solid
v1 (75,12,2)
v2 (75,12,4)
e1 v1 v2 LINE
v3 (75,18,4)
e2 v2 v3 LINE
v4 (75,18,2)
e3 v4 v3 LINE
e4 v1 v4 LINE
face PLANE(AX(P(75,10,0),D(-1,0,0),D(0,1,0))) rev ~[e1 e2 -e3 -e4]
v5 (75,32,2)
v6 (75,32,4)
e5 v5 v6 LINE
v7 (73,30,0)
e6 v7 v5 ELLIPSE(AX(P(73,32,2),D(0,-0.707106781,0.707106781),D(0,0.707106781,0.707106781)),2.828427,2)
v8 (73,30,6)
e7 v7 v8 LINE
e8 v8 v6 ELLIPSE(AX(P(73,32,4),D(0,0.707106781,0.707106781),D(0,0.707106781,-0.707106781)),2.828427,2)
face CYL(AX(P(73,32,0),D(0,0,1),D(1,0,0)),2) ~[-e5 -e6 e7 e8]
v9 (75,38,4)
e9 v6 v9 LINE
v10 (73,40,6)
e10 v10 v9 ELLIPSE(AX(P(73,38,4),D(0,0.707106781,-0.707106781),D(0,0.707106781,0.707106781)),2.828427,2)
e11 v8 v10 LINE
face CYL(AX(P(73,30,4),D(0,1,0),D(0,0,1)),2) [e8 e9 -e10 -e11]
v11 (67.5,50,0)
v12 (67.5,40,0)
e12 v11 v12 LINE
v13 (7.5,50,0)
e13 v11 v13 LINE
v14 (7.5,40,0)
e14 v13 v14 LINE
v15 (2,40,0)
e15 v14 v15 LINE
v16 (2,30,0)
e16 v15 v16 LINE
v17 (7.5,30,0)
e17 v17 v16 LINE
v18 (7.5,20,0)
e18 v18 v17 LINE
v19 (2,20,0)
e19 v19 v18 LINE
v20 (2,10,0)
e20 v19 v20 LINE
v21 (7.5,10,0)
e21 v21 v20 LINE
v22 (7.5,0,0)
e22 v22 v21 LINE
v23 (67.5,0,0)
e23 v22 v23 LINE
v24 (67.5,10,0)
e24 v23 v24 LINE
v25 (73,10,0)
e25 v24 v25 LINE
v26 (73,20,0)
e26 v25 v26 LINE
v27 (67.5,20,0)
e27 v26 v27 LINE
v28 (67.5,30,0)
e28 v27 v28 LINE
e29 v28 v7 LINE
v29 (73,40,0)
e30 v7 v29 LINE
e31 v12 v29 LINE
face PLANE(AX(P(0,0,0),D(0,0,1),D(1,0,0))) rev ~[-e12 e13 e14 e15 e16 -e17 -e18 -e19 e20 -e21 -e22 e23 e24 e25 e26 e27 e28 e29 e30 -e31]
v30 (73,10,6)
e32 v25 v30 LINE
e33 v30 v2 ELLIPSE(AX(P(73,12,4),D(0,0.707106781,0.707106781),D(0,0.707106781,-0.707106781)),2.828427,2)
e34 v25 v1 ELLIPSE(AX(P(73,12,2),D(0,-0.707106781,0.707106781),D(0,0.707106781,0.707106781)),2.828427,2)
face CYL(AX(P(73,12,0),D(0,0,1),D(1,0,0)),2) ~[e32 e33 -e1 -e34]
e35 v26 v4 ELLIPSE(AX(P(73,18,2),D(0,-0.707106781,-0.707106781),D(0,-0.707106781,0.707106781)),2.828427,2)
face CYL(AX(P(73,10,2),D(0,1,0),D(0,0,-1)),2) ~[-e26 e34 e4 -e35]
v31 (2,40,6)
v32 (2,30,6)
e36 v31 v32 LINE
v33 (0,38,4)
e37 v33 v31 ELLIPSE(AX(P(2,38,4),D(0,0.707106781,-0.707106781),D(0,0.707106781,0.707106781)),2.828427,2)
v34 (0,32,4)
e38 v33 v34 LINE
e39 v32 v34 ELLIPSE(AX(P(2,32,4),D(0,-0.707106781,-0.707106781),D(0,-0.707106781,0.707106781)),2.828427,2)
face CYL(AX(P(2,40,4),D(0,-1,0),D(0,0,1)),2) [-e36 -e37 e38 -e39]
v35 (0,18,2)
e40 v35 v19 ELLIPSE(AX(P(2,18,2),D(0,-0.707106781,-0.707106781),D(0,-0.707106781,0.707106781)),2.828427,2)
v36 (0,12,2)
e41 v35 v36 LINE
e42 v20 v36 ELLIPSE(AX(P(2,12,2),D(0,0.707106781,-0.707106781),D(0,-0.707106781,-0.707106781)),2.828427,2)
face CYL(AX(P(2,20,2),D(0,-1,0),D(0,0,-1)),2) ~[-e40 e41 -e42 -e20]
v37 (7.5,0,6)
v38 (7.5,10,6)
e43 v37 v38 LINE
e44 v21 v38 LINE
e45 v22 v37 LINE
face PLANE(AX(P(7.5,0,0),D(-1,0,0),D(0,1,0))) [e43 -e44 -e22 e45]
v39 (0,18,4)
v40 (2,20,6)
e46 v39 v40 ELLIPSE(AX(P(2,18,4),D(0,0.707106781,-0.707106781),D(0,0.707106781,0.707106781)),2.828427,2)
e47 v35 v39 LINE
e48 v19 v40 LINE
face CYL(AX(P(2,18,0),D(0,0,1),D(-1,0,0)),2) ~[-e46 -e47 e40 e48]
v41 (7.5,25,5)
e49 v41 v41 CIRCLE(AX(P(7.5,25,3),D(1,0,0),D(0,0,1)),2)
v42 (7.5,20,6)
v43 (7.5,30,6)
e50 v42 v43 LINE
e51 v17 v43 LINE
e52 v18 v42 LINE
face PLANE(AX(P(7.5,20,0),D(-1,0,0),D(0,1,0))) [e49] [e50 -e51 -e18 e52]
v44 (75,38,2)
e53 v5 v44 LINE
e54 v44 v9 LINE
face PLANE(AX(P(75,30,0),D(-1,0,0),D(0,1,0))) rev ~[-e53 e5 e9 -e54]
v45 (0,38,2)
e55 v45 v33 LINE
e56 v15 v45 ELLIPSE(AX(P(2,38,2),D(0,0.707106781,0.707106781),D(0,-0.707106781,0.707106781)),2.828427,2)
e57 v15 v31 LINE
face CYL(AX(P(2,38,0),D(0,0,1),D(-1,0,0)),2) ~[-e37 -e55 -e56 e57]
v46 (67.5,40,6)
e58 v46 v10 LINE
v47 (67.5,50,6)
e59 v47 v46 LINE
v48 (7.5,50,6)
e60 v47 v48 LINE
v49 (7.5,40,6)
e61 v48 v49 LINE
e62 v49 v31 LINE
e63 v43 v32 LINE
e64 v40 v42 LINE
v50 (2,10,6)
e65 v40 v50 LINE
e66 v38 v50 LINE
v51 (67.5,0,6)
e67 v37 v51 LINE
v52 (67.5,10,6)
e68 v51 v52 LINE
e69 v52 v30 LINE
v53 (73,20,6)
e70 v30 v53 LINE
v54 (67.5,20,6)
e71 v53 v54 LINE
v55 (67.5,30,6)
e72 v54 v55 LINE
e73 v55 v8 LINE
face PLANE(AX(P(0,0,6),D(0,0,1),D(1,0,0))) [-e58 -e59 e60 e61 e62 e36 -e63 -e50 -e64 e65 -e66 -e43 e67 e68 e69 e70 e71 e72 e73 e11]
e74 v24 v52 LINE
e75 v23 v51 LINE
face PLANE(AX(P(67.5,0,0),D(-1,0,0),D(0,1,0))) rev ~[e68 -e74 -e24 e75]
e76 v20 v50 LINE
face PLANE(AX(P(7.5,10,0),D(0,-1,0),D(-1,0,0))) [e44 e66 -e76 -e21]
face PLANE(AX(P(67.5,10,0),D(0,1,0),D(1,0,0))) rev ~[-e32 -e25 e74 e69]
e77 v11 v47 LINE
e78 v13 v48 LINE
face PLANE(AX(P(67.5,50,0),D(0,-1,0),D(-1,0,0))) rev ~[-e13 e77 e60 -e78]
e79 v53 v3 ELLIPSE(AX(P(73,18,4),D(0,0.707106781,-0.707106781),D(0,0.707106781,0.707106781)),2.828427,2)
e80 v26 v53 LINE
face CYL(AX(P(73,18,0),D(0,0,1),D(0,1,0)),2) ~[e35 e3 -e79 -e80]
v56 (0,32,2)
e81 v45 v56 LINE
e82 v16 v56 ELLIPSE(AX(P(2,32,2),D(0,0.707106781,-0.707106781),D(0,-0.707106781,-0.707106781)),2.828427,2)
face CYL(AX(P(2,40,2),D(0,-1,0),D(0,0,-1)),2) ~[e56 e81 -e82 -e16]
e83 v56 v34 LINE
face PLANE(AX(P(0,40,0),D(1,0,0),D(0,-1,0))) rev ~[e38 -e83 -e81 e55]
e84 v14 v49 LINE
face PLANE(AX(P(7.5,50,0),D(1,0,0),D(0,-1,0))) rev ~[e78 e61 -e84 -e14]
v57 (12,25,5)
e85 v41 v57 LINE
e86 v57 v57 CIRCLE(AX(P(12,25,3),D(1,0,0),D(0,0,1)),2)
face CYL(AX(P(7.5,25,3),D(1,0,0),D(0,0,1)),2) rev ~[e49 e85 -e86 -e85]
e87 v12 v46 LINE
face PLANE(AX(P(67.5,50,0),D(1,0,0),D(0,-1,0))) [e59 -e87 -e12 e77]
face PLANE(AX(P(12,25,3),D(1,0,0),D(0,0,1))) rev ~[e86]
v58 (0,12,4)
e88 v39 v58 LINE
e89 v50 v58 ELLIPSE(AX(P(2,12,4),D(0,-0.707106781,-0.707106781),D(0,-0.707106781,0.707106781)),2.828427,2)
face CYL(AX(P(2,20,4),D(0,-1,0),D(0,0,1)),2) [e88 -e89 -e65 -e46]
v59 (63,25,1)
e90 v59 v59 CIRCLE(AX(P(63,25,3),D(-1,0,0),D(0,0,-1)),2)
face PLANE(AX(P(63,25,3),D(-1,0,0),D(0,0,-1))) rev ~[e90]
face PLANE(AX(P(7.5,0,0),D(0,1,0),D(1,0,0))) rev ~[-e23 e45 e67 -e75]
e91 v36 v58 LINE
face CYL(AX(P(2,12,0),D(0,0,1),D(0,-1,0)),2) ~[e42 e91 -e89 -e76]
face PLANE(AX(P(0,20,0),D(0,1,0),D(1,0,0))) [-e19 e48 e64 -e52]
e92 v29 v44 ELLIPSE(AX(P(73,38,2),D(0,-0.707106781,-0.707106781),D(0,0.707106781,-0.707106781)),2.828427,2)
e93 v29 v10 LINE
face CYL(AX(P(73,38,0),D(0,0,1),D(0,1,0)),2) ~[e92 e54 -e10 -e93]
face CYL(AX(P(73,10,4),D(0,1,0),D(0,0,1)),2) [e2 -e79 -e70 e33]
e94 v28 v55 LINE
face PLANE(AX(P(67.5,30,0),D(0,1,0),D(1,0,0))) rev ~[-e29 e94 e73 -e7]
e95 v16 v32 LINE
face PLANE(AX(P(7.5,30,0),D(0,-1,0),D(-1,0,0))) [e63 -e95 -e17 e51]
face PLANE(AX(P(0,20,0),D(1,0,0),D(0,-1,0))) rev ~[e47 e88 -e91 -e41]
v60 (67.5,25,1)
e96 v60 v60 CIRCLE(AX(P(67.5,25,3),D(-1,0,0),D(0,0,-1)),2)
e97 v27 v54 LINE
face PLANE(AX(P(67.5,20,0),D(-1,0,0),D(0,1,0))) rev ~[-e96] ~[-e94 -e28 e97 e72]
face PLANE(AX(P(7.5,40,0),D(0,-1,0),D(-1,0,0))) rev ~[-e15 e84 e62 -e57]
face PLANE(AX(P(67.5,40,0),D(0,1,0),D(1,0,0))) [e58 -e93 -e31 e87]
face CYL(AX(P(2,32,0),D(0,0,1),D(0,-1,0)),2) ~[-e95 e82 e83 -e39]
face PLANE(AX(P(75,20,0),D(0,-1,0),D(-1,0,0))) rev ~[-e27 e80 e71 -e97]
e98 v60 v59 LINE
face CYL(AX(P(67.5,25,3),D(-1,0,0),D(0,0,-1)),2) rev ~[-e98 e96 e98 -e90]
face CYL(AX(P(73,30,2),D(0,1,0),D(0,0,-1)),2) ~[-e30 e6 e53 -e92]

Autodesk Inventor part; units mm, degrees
ref_plane "YZ Plane" through (0, 0, 0) normal (1, 0, 0) x (0, 1, 0)
ref_plane "XZ Plane" through (0, 0, 0) normal (0, 1, 0) x (-1, 0, 0)
ref_plane "XY Plane" through (0, 0, 0) normal (0, 0, 1) x (1, 0, 0)
sketch "スケッチ1" plane through (0, 0, 0) normal (0, 0, 1) x (1, 0, 0)
  line L0 (0, 0) -> (75, 0)
  line L1 (75, 0) -> (75, 50)
  line L2 (75, 50) -> (0, 50)
  line L3 (0, 50) -> (0, 0)
  line L4 (0, 50) -> (7.5, 50)
  line L5 (7.5, 50) -> (7.5, 40)
  line L6 (7.5, 40) -> (0, 40)
  line L7 (0, 40) -> (0, 50)
  line L8 (75, 0) -> (0, 0)
  line L9 (0, 0) -> (0, 49.7722)
  line L10 (7.5, 0) -> (7.5, 10)
  line L11 (7.5, 10) -> (0, 10)
  line L12 (75, 0) -> (0, 0)
  line L13 (0, 50) -> (75, 50)
  line L14 (75, 50) -> (75, 0)
  line L15 (75, 50) -> (67.5, 50)
  line L16 (67.5, 50) -> (67.5, 40)
  line L17 (67.5, 40) -> (75, 40)
  line L18 (75, 40) -> (75, 50)
  line L19 (67.5, 0) -> (67.5, 10)
  line L20 (67.5, 10) -> (75, 10)
  line L21 (7.5, 30) -> (0, 30)
  line L22 (0, 30) -> (0, 20)
  line L23 (0, 20) -> (7.5, 20)
  line L24 (7.5, 20) -> (7.5, 30)
  line L25 (75, 50) -> (75, 0)
  line L26 (75, 0) -> (75, 49.7722)
  line L27 (67.5, 30) -> (75, 30)
  line L28 (75, 30) -> (75, 20)
  line L29 (75, 20) -> (67.5, 20)
  line L30 (67.5, 20) -> (67.5, 30)
  dimension "d0" = 75
  dimension "d1" = 50
  dimension "d2" = 7.5
  dimension "d3" = 10
  dimension "d4" = 10
  dimension "d5" = 10
extrude "押し出し1" add sketch "スケッチ1" along normal blind 6 contours L10 L11 L3 L23 L24 L21 L6 L5 L2 L16 L17 L1 L27 L30 L29 L20 L19 L0
sketch "スケッチ2" plane through (7.5, 20, 0) normal (-1, 0, 0) x (0, 0, 1)
  line L0 (0, 10) -> (6, 10) projected
  line L1 (0, 10) -> (0, 0) projected
  point P0 (0, -20)
  point P1 (3, 5)
  dimension "d8" = 5
  dimension "d9" = 3
sketch "スケッチ3" plane through (67.5, 20, 0) normal (1, 0, 0) x (0, 0, -1)
  line L0 (-6, 0) -> (-6, 10) projected
  line L1 (0, 10) -> (-6, 10) projected
  point P0 (0, -20)
  point P1 (-3, 5)
  dimension "d10" = 3
  dimension "d11" = 5
hole "穴1" at (67.5, 25, 3) direction (-1, 0, 0) diameter 4 depth 4.5
hole "穴2" at (7.5, 25, 3) direction (1, 0, 0) diameter 4 depth 4.5
fillet "フィレット1" radius 2 16 edges at (75, 35, 0) (75, 35, 6) (75, 40, 3) (75, 30, 3) (75, 20, 3) (75, 15, 6) (75, 15, 0) (75, 10, 3) (0, 35, 0) (0, 40, 3) (0, 35, 6) (0, 30, 3) (0, 20, 3) (0, 15, 0) (0, 10, 3) (0, 15, 6)
properties part number "menteA"
